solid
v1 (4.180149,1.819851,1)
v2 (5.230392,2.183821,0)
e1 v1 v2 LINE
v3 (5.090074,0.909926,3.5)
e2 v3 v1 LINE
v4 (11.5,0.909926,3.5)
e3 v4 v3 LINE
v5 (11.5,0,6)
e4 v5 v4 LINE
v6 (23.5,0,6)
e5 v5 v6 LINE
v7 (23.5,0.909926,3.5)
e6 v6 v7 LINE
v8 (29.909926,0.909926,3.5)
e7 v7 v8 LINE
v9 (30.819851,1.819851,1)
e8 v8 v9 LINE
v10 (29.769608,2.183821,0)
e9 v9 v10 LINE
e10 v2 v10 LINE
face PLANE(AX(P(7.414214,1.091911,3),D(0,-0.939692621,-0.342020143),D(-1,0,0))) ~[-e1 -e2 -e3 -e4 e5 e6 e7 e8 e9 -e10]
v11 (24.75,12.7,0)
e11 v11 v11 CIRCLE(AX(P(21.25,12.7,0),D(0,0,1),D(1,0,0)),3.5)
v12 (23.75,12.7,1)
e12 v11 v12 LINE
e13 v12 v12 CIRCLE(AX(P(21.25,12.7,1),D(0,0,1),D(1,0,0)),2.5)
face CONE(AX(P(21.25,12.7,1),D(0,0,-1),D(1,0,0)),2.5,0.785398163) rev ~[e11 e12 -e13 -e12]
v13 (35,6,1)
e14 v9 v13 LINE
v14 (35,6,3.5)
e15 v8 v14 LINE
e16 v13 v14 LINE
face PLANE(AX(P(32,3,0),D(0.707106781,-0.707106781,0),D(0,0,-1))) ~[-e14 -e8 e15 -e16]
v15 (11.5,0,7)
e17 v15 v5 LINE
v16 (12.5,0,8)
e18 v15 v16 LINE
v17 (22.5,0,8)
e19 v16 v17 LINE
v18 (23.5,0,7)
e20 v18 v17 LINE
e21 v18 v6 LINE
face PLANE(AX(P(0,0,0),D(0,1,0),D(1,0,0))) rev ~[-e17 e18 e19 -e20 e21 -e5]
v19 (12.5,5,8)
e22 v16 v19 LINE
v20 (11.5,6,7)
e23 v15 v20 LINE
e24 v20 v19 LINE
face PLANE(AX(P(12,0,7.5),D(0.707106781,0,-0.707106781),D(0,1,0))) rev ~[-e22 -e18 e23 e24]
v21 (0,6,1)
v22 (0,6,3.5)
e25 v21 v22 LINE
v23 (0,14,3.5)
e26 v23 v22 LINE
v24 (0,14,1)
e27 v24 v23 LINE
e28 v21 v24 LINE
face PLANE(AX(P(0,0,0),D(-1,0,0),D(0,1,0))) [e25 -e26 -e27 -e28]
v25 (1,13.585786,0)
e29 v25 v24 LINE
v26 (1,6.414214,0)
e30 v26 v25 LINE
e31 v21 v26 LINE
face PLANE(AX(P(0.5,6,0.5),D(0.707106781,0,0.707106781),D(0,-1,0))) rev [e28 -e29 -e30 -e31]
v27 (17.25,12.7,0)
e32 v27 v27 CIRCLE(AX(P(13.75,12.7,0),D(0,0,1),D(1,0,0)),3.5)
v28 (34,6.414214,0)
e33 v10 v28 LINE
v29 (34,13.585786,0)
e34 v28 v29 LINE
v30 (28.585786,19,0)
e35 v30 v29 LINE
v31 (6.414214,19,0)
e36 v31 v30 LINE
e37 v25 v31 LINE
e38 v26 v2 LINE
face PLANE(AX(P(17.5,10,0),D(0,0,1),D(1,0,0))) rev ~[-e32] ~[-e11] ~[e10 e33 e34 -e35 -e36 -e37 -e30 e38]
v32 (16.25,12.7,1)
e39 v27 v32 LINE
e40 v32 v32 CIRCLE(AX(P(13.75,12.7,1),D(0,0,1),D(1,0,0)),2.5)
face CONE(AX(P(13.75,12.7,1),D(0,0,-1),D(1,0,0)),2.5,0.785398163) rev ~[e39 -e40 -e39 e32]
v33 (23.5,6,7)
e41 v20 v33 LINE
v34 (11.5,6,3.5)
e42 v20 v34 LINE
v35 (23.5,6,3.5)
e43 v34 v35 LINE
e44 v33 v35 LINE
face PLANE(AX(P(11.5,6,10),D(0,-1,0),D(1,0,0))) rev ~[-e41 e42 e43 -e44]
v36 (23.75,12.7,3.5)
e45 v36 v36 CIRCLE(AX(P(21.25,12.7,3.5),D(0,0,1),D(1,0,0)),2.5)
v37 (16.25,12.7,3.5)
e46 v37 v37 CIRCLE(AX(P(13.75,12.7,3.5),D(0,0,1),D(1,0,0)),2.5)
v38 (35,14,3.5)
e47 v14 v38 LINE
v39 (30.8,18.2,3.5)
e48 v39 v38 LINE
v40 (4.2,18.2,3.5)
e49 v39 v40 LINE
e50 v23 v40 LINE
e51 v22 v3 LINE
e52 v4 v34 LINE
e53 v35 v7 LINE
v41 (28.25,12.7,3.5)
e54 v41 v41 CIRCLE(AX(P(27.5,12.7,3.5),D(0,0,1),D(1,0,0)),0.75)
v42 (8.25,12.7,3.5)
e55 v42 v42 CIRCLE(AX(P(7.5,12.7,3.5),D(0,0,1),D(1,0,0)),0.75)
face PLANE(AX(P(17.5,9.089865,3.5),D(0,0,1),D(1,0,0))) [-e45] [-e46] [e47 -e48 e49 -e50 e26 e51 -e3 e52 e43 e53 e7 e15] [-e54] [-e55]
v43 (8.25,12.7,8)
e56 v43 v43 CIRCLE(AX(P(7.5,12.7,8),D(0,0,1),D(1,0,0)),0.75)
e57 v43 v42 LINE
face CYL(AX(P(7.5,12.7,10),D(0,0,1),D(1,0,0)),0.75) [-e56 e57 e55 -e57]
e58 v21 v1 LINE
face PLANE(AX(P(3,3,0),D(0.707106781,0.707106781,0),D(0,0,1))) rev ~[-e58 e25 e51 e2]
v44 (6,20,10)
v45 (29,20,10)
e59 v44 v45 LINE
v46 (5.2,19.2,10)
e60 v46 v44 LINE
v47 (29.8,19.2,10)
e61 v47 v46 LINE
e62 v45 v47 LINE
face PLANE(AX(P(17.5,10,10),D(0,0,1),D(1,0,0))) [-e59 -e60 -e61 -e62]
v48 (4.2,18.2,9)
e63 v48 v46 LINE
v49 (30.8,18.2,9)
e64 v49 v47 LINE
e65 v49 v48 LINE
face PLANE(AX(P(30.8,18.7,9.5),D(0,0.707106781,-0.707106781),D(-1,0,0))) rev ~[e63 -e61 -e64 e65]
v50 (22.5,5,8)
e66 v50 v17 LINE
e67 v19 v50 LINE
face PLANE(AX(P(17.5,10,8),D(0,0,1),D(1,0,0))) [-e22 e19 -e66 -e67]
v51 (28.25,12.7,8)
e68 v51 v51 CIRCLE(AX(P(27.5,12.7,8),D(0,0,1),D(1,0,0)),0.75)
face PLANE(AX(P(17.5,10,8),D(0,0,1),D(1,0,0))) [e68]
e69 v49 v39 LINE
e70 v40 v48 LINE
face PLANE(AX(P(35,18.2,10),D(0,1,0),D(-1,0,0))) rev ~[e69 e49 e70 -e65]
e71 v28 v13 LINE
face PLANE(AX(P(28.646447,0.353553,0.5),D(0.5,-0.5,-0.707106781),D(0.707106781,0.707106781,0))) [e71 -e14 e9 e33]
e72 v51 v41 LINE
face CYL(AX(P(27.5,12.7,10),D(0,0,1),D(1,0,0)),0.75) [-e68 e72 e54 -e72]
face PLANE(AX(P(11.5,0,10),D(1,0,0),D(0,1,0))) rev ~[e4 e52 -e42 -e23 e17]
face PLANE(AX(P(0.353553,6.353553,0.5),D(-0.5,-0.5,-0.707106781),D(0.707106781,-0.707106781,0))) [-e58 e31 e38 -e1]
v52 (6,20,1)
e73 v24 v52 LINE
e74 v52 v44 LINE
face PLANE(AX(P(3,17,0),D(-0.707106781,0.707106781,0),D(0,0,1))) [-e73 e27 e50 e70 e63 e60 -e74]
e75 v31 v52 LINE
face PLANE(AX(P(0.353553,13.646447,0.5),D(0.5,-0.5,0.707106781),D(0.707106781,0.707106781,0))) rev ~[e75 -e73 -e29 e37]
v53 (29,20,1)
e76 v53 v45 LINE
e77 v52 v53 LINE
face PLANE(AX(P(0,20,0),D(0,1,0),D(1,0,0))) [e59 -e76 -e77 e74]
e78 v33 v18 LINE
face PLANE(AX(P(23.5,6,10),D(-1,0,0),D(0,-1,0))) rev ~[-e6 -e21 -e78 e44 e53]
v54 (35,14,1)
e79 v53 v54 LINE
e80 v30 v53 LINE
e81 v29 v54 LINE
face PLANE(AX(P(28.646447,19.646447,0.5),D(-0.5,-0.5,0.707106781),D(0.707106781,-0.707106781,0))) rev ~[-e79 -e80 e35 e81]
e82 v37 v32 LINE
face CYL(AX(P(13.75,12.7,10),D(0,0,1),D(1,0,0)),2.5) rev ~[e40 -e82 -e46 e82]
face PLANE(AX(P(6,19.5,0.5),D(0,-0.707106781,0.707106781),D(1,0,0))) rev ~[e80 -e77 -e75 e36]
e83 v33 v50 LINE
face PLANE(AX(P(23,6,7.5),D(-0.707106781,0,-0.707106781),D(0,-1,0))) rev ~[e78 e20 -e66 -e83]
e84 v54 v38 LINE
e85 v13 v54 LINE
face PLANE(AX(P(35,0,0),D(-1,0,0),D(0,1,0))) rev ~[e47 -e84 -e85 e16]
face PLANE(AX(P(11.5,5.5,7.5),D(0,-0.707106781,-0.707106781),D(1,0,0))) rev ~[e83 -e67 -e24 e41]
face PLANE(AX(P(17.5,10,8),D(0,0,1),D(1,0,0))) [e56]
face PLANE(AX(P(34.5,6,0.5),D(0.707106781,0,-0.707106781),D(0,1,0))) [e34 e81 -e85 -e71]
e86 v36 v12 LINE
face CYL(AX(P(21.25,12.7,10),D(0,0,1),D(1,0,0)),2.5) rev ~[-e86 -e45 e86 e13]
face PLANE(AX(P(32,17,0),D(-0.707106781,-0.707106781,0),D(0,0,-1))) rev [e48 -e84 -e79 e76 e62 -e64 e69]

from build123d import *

# Parameters (mm, degrees)
F0_W     = 35
F0_H     = 20
F1_DEPTH = 10
F2_R     = 0.75
F2_R_2   = 2.5
F3_DEPTH = 6.5
F4_DEPTH = 2
F5_DEPTH = 25
F6_SIZE2 = 6
F6_SIZE  = 6
F7_SIZE  = 1
F8_SIZE2 = 2.1838214056
F8_SIZE  = 6


with BuildPart() as f1:
    # F0 (on Top) → F1 (new body)
    with BuildSketch(Plane.XY):
        with Locations((17.5, 10)):
            Rectangle(F0_W, F0_H)
    extrude(amount=F1_DEPTH)

    # F2 (on face) → F3 (cut)
    with BuildSketch(Plane.XY.offset(10)):
        Polygon((35, 18.2), (0, 18.2), (0, 0), (11.5, 0), (11.5, 6), (23.5, 6), (23.5, 0), (35, 0), align=None)
        with Locations((7.5, 12.7)):
            Circle(F2_R, mode=Mode.SUBTRACT)
        with Locations((13.75, 12.7)):
            Circle(F2_R_2, mode=Mode.SUBTRACT)
        with Locations((21.25, 12.7)):
            Circle(F2_R_2, mode=Mode.SUBTRACT)
        with Locations((27.5, 12.7)):
            Circle(F2_R, mode=Mode.SUBTRACT)
    extrude(amount=-F3_DEPTH, mode=Mode.SUBTRACT)

    # F4 (cut): faces of the model
    f4_faces = [f1.faces().sort_by_distance(p)[0] for p in [
        (7.5, 12.7, 10),
        (17.5, 3, 10),
        (27.5, 12.7, 10),
    ]]
    extrude(f4_faces, amount=-F4_DEPTH, mode=Mode.SUBTRACT)

    # F5 (cut): faces of the model
    f5_faces = [f1.faces().sort_by_distance(p)[0] for p in [
        (13.75, 12.7, 10),
        (21.25, 12.7, 10),
    ]]
    extrude(f5_faces, amount=-F5_DEPTH, mode=Mode.SUBTRACT)

    # F6
    f6_edges = [f1.edges().sort_by_distance(p)[0] for p in [
        (35, 0, 1.75),
        (35, 20, 5),
        (0, 0, 1.75),
        (0, 20, 5),
    ]]
    chamfer(f6_edges, length=F6_SIZE, length2=F6_SIZE2)

    # F7
    f7_edges = [f1.edges().sort_by_distance(p)[0] for p in [
        (17.5, 20, 0),
        (32, 17, 0),
        (3, 17, 0),
        (17.5, 18.2, 10),
        (17.5, 6, 8),
        (23.5, 3, 8),
        (11.5, 3, 8),
        (35, 10, 0),
        (0, 10, 0),
        (18.75, 12.7, 0),
        (11.25, 12.7, 0),
        (3, 3, 0),
        (32, 3, 0),
    ]]
    chamfer(f7_edges, length=F7_SIZE)

    # F8
    f8_edges = [f1.edges().sort_by_distance(p)[0] for p in [
        (17.5, 0, 0),
    ]]
    f8_side = f1.faces().sort_by_distance((17.5, 0, 3.355675))[0]
    chamfer(f8_edges, length=F8_SIZE, length2=F8_SIZE2, reference=f8_side)


solid = f1.part
